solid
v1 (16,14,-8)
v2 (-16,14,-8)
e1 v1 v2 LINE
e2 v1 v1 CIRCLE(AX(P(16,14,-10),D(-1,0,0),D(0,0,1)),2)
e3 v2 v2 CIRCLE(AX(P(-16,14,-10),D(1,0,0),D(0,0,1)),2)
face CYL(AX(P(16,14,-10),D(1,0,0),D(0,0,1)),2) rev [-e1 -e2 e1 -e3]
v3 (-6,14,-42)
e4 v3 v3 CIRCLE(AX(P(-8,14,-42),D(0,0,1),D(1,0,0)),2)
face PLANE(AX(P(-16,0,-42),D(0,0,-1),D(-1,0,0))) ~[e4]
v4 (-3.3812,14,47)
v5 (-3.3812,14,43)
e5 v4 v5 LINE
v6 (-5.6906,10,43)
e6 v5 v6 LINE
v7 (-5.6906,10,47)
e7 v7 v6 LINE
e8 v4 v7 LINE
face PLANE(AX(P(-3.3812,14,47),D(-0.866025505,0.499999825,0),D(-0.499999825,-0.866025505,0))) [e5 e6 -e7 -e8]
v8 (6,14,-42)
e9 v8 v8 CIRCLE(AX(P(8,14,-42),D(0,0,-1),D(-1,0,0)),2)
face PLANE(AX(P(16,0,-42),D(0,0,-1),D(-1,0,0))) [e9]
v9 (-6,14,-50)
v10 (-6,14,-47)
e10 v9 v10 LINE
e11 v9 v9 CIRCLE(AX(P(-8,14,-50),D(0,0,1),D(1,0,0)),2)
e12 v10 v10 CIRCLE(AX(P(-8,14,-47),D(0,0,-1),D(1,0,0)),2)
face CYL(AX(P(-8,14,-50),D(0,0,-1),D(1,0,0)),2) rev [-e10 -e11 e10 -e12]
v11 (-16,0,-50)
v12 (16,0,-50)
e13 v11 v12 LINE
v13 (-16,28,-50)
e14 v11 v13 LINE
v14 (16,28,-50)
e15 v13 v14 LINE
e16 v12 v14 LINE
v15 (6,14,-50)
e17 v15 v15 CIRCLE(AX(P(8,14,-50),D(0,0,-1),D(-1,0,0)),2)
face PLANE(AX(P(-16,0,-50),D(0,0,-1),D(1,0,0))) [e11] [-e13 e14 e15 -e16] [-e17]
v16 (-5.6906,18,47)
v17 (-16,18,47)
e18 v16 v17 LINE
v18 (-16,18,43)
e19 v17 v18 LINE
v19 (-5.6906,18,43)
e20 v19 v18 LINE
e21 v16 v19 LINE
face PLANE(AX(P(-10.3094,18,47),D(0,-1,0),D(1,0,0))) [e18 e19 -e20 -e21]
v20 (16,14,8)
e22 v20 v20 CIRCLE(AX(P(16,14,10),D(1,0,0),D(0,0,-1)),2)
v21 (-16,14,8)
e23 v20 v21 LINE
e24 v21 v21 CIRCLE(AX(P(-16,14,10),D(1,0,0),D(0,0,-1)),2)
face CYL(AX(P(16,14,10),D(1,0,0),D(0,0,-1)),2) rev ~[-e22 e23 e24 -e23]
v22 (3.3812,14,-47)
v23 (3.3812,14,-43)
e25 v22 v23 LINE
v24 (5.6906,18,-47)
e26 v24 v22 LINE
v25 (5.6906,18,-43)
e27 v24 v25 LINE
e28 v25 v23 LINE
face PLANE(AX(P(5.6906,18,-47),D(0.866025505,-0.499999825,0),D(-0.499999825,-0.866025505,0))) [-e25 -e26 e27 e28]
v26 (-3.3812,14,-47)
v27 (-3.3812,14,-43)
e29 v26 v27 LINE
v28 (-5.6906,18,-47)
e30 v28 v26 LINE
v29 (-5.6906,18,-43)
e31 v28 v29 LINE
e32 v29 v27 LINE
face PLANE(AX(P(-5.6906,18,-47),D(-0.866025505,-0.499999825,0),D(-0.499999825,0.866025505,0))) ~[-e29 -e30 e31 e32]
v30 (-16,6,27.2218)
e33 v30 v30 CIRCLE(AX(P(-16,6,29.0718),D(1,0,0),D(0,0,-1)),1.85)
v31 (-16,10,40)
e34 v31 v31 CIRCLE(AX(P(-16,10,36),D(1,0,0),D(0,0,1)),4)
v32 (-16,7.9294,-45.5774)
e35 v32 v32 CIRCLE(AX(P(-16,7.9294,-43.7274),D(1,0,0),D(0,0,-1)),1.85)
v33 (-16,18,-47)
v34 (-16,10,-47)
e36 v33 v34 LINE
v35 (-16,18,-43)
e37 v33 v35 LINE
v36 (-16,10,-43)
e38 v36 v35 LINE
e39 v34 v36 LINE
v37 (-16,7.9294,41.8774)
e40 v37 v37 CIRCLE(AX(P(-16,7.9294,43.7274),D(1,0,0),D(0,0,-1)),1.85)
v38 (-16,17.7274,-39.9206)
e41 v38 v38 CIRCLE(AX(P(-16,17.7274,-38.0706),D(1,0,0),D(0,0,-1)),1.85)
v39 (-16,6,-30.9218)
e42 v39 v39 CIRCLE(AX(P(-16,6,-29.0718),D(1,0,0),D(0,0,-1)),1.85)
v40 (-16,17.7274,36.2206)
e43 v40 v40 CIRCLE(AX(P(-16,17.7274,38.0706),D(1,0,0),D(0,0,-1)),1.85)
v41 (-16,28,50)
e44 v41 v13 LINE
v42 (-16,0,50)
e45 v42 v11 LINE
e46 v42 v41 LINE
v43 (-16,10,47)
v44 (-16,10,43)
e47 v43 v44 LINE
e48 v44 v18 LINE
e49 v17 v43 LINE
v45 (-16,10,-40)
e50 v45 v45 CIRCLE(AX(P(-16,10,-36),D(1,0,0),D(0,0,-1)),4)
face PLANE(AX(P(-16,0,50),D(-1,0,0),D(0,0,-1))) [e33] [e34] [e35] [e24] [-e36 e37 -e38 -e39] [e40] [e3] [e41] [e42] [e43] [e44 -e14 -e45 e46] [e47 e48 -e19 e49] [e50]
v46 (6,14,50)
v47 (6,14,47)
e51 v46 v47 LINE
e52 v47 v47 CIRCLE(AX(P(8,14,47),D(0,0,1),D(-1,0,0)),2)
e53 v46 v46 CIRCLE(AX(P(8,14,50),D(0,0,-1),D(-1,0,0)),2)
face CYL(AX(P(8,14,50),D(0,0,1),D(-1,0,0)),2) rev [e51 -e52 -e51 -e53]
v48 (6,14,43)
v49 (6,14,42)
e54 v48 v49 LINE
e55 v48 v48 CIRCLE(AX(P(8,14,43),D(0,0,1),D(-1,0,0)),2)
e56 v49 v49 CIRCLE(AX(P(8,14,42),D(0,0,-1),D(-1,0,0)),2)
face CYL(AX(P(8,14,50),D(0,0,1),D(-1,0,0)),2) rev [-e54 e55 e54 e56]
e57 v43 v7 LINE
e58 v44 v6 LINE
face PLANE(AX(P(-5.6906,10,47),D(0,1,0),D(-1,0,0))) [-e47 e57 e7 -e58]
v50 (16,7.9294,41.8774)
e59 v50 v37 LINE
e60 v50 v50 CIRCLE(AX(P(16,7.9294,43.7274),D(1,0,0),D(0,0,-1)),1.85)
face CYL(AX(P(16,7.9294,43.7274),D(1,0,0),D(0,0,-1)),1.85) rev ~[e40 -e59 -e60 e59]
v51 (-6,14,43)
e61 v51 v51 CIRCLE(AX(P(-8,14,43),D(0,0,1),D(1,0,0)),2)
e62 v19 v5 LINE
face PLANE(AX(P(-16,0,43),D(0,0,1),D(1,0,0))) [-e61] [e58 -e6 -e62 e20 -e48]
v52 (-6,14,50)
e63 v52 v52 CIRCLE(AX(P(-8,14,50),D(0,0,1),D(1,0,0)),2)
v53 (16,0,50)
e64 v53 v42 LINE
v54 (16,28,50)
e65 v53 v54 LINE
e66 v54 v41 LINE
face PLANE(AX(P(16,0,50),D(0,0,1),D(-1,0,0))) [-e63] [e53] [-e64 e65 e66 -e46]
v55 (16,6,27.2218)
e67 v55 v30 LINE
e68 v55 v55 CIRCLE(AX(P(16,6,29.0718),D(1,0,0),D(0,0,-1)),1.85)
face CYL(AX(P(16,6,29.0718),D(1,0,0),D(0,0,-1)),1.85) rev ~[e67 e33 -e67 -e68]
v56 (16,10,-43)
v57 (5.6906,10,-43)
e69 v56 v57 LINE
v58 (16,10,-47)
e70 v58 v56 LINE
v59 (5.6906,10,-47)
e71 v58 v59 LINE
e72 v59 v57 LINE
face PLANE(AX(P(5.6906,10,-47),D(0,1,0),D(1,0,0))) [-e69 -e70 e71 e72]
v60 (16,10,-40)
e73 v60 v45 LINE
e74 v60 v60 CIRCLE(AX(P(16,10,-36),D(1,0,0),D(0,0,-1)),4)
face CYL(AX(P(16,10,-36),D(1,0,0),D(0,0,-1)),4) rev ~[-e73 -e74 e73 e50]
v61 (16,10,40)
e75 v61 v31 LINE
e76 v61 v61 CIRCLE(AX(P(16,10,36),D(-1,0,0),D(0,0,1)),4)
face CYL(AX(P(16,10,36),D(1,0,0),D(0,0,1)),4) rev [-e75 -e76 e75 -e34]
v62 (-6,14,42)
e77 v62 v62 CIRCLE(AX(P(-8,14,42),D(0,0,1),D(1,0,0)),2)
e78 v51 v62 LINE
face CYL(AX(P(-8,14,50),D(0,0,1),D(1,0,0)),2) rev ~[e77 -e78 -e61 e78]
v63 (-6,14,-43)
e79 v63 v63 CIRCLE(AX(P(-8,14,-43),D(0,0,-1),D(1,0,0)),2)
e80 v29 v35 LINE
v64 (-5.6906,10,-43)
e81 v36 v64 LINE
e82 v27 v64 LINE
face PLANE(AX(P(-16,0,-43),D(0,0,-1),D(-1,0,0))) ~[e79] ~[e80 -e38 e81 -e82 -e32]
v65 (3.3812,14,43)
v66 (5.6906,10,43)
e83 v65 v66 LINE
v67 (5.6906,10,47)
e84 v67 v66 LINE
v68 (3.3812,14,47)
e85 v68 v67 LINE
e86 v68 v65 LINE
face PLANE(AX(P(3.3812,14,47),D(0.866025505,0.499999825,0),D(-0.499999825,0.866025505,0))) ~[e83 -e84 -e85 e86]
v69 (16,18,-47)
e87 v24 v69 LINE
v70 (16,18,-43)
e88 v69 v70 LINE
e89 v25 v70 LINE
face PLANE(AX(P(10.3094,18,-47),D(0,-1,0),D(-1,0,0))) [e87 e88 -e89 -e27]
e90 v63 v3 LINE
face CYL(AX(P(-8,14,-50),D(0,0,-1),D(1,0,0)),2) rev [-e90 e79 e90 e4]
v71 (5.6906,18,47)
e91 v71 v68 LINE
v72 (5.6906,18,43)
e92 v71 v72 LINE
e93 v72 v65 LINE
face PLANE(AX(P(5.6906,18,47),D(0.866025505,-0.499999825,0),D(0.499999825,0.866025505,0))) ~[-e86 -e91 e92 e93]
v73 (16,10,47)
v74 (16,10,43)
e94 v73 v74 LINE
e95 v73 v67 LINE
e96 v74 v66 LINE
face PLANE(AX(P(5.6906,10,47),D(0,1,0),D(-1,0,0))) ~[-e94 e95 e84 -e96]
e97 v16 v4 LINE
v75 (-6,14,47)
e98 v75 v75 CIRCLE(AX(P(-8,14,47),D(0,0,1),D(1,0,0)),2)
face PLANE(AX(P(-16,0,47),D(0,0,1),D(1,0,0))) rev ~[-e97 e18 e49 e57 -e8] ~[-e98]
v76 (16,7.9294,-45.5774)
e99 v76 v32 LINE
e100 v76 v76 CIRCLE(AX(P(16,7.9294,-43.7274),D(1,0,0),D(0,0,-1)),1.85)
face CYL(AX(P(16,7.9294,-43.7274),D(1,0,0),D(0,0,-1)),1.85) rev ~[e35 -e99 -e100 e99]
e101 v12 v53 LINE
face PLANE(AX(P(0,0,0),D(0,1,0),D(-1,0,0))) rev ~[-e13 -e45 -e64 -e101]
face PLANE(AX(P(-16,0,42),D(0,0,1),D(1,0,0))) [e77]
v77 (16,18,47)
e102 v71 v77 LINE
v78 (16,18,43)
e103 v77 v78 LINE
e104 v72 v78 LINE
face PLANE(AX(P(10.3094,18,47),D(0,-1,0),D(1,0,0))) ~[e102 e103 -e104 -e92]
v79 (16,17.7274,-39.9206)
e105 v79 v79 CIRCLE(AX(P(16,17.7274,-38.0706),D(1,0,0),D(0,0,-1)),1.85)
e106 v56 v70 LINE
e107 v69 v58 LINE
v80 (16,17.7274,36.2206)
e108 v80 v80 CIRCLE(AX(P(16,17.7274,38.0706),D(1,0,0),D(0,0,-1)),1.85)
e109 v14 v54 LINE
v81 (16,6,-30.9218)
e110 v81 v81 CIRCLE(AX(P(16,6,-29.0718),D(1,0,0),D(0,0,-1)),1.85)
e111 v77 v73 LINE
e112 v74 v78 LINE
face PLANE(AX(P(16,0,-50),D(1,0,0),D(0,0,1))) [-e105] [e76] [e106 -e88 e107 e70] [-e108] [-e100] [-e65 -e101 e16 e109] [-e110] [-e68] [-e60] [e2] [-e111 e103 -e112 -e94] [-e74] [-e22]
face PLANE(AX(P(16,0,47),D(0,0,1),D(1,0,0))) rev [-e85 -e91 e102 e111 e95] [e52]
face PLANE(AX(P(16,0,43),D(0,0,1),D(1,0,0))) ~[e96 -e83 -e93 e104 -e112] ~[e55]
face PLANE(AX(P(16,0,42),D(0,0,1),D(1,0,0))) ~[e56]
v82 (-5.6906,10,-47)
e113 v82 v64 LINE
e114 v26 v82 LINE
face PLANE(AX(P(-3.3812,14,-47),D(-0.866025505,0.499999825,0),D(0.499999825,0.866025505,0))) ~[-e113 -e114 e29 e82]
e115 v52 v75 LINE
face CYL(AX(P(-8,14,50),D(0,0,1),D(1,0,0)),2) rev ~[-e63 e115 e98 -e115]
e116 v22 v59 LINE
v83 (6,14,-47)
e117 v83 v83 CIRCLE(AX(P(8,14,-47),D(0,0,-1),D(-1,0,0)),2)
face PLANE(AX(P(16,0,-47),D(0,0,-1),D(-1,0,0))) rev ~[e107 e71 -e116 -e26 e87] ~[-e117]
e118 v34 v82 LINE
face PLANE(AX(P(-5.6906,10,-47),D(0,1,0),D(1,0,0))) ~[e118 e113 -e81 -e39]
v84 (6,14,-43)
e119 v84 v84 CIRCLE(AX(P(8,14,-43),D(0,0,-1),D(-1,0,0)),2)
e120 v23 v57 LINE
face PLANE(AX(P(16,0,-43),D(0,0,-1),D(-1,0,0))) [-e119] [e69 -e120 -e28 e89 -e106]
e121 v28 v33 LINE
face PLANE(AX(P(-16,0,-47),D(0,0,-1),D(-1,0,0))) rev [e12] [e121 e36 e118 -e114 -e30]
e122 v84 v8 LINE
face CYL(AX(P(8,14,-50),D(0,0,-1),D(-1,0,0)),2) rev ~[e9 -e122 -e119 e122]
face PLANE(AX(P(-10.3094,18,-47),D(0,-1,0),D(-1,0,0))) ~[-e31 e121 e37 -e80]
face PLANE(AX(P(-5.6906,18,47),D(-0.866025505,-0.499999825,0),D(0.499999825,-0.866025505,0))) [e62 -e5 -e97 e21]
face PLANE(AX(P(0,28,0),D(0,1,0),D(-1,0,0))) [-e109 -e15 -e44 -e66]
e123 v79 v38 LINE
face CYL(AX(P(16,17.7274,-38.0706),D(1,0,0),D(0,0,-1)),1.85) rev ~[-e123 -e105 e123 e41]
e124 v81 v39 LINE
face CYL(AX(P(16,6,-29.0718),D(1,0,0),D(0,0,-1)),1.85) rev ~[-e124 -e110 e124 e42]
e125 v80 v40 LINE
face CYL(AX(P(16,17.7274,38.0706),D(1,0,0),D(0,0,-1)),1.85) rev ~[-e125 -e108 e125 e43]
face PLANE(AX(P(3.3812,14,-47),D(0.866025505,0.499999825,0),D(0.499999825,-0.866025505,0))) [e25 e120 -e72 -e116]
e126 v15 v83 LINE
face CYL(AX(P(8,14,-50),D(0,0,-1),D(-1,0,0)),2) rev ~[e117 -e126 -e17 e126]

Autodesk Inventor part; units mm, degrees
ref_plane "YZ Plane" through (0, 0, 0) normal (1, 0, 0) x (0, 1, 0)
ref_plane "XZ Plane" through (0, 0, 0) normal (0, 1, 0) x (-1, 0, 0)
sketch "Эскиз1" plane through (0, 0, 0) normal (0, 1, 0) x (-1, 0, 0)
  line L0 (-16, 50) -> (16, 50)
  line L1 (16, 50) -> (16, -50)
  line L2 (16, -50) -> (-16, -50)
  line L3 (-16, -50) -> (-16, 50)
  line L4 (-16, 50) -> (16, -50) construction
  line L5 (16, 50) -> (-16, -50) construction
  point P0 (0, 0)
  dimension "d0" = 32
  dimension "d1" = 100
extrude "Выдавливание1" add sketch "Эскиз1" along normal blind 28
sketch "Эскиз2" plane through (16, 0, 50) normal (1, 0, 0) x (0, 0, -1)
  circle A0 centre (86, 10) radius 4
  line L0 (100, 0) -> (100, 28) projected
  line L1 (0, 0) -> (100, 0) projected
  point P0 (50, 0)
  dimension "d4" = 8
  dimension "d5" = 14
  dimension "d6" = 10
extrude "Выдавливание2" cut sketch "Эскиз2" against normal through all
mirror "Зеркальное отражение1" about plane through (0, 0, 0) normal (0, 0, 1) of "Выдавливание2"
sketch "Эскиз3" plane through (16, 0, 50) normal (1, 0, 0) x (0, 0, -1)
  circle A0 centre (11.9294, 17.7274) radius 1.85 projected
  circle A1 centre (20.9282, 6) radius 1.85 projected
  circle A2 centre (79.0718, 6) radius 1.85 projected
  circle A3 centre (88.0706, 17.7274) radius 1.85 projected
  circle A4 centre (93.7274, 7.9294) radius 1.85 projected
  circle A5 centre (6.2726, 7.9294) radius 1.85 projected
  point P0 (50, 0)
extrude "Выдавливание3" cut sketch "Эскиз3" against normal through all
sketch "Эскиз4" plane through (16, 0, 50) normal (1, 0, 0) x (0, 0, -1)
  line L0 (50, 0) -> (50, 14) construction
  line L1 (50, 14) -> (40, 14) construction
  circle A0 centre (40, 14) radius 2
  dimension "d11" = 10
  dimension "d12" = 14
  dimension "d13" = 4
extrude "Выдавливание4" cut sketch "Эскиз4" against normal through all
mirror "Зеркальное отражение2" about plane through (0, 0, 0) normal (0, 0, 1) of "Выдавливание4"
sketch "Эскиз5" plane through (-16, 0, 50) normal (0, 0, 1) x (1, 0, 0)
  circle A0 centre (8, 14) radius 2
  line L0 (0, 0) -> (32, 0) projected
  line L1 (0, 0) -> (0, 28) projected
  point P0 (16, 0)
  dimension "d16" = 4
  dimension "d17" = 14
  dimension "d18" = 8
extrude "Выдавливание5" cut sketch "Эскиз5" against normal blind 8
ref_plane "РабПлоскость1" through (-16, 0, 47) normal (0, 0, 1) x (1, 0, 0)
sketch "Эскиз6" plane through (-16, 0, 47) normal (0, 0, 1) x (1, 0, 0)
  circle A0 centre (8, 14) radius 2 projected
  line L0 (10.3094, 10) -> (5.6906, 10)
  line L1 (5.6906, 10) -> (3.3812, 14)
  line L2 (3.3812, 14) -> (5.6906, 18)
  line L3 (5.6906, 18) -> (10.3094, 18)
  line L4 (10.3094, 18) -> (12.6188, 14)
  line L5 (12.6188, 14) -> (10.3094, 10)
  line L6 (32, 0) -> (0, 0) projected
  line L7 (5.6906, 18) -> (0, 18)
  line L8 (32, 19.5774) -> (0, 19.5774) projected
  line L9 (5.6906, 10) -> (0, 10)
  line L10 (0, 6) -> (0, 14) projected
  line L11 (0, 18) -> (0, 10)
  point P0 (16, 0)
  point P1 (0, 14)
  dimension "d22" = 8
extrude "Выдавливание6" cut sketch "Эскиз6" against normal blind 4 contours A0 | L0 L1 L2 L3 L4 L5 | L9 L10 L11 L7 L2 L1
ref_plane "РабПлоскость2" through (0, 28, 50) normal (-1, 0, 0) x (0, 0, 1)
mirror "Зеркальное отражение3" about plane through (0, 28, 50) normal (-1, 0, 0) of "Выдавливание6", "Выдавливание5"
mirror "Зеркальное отражение4" about plane through (0, 0, 0) normal (0, 0, 1) of "Выдавливание6", "Выдавливание5", "Зеркальное отражение3"
properties part number "KB33-046-003-001 - Соединитель" material "Пластик АБС"
